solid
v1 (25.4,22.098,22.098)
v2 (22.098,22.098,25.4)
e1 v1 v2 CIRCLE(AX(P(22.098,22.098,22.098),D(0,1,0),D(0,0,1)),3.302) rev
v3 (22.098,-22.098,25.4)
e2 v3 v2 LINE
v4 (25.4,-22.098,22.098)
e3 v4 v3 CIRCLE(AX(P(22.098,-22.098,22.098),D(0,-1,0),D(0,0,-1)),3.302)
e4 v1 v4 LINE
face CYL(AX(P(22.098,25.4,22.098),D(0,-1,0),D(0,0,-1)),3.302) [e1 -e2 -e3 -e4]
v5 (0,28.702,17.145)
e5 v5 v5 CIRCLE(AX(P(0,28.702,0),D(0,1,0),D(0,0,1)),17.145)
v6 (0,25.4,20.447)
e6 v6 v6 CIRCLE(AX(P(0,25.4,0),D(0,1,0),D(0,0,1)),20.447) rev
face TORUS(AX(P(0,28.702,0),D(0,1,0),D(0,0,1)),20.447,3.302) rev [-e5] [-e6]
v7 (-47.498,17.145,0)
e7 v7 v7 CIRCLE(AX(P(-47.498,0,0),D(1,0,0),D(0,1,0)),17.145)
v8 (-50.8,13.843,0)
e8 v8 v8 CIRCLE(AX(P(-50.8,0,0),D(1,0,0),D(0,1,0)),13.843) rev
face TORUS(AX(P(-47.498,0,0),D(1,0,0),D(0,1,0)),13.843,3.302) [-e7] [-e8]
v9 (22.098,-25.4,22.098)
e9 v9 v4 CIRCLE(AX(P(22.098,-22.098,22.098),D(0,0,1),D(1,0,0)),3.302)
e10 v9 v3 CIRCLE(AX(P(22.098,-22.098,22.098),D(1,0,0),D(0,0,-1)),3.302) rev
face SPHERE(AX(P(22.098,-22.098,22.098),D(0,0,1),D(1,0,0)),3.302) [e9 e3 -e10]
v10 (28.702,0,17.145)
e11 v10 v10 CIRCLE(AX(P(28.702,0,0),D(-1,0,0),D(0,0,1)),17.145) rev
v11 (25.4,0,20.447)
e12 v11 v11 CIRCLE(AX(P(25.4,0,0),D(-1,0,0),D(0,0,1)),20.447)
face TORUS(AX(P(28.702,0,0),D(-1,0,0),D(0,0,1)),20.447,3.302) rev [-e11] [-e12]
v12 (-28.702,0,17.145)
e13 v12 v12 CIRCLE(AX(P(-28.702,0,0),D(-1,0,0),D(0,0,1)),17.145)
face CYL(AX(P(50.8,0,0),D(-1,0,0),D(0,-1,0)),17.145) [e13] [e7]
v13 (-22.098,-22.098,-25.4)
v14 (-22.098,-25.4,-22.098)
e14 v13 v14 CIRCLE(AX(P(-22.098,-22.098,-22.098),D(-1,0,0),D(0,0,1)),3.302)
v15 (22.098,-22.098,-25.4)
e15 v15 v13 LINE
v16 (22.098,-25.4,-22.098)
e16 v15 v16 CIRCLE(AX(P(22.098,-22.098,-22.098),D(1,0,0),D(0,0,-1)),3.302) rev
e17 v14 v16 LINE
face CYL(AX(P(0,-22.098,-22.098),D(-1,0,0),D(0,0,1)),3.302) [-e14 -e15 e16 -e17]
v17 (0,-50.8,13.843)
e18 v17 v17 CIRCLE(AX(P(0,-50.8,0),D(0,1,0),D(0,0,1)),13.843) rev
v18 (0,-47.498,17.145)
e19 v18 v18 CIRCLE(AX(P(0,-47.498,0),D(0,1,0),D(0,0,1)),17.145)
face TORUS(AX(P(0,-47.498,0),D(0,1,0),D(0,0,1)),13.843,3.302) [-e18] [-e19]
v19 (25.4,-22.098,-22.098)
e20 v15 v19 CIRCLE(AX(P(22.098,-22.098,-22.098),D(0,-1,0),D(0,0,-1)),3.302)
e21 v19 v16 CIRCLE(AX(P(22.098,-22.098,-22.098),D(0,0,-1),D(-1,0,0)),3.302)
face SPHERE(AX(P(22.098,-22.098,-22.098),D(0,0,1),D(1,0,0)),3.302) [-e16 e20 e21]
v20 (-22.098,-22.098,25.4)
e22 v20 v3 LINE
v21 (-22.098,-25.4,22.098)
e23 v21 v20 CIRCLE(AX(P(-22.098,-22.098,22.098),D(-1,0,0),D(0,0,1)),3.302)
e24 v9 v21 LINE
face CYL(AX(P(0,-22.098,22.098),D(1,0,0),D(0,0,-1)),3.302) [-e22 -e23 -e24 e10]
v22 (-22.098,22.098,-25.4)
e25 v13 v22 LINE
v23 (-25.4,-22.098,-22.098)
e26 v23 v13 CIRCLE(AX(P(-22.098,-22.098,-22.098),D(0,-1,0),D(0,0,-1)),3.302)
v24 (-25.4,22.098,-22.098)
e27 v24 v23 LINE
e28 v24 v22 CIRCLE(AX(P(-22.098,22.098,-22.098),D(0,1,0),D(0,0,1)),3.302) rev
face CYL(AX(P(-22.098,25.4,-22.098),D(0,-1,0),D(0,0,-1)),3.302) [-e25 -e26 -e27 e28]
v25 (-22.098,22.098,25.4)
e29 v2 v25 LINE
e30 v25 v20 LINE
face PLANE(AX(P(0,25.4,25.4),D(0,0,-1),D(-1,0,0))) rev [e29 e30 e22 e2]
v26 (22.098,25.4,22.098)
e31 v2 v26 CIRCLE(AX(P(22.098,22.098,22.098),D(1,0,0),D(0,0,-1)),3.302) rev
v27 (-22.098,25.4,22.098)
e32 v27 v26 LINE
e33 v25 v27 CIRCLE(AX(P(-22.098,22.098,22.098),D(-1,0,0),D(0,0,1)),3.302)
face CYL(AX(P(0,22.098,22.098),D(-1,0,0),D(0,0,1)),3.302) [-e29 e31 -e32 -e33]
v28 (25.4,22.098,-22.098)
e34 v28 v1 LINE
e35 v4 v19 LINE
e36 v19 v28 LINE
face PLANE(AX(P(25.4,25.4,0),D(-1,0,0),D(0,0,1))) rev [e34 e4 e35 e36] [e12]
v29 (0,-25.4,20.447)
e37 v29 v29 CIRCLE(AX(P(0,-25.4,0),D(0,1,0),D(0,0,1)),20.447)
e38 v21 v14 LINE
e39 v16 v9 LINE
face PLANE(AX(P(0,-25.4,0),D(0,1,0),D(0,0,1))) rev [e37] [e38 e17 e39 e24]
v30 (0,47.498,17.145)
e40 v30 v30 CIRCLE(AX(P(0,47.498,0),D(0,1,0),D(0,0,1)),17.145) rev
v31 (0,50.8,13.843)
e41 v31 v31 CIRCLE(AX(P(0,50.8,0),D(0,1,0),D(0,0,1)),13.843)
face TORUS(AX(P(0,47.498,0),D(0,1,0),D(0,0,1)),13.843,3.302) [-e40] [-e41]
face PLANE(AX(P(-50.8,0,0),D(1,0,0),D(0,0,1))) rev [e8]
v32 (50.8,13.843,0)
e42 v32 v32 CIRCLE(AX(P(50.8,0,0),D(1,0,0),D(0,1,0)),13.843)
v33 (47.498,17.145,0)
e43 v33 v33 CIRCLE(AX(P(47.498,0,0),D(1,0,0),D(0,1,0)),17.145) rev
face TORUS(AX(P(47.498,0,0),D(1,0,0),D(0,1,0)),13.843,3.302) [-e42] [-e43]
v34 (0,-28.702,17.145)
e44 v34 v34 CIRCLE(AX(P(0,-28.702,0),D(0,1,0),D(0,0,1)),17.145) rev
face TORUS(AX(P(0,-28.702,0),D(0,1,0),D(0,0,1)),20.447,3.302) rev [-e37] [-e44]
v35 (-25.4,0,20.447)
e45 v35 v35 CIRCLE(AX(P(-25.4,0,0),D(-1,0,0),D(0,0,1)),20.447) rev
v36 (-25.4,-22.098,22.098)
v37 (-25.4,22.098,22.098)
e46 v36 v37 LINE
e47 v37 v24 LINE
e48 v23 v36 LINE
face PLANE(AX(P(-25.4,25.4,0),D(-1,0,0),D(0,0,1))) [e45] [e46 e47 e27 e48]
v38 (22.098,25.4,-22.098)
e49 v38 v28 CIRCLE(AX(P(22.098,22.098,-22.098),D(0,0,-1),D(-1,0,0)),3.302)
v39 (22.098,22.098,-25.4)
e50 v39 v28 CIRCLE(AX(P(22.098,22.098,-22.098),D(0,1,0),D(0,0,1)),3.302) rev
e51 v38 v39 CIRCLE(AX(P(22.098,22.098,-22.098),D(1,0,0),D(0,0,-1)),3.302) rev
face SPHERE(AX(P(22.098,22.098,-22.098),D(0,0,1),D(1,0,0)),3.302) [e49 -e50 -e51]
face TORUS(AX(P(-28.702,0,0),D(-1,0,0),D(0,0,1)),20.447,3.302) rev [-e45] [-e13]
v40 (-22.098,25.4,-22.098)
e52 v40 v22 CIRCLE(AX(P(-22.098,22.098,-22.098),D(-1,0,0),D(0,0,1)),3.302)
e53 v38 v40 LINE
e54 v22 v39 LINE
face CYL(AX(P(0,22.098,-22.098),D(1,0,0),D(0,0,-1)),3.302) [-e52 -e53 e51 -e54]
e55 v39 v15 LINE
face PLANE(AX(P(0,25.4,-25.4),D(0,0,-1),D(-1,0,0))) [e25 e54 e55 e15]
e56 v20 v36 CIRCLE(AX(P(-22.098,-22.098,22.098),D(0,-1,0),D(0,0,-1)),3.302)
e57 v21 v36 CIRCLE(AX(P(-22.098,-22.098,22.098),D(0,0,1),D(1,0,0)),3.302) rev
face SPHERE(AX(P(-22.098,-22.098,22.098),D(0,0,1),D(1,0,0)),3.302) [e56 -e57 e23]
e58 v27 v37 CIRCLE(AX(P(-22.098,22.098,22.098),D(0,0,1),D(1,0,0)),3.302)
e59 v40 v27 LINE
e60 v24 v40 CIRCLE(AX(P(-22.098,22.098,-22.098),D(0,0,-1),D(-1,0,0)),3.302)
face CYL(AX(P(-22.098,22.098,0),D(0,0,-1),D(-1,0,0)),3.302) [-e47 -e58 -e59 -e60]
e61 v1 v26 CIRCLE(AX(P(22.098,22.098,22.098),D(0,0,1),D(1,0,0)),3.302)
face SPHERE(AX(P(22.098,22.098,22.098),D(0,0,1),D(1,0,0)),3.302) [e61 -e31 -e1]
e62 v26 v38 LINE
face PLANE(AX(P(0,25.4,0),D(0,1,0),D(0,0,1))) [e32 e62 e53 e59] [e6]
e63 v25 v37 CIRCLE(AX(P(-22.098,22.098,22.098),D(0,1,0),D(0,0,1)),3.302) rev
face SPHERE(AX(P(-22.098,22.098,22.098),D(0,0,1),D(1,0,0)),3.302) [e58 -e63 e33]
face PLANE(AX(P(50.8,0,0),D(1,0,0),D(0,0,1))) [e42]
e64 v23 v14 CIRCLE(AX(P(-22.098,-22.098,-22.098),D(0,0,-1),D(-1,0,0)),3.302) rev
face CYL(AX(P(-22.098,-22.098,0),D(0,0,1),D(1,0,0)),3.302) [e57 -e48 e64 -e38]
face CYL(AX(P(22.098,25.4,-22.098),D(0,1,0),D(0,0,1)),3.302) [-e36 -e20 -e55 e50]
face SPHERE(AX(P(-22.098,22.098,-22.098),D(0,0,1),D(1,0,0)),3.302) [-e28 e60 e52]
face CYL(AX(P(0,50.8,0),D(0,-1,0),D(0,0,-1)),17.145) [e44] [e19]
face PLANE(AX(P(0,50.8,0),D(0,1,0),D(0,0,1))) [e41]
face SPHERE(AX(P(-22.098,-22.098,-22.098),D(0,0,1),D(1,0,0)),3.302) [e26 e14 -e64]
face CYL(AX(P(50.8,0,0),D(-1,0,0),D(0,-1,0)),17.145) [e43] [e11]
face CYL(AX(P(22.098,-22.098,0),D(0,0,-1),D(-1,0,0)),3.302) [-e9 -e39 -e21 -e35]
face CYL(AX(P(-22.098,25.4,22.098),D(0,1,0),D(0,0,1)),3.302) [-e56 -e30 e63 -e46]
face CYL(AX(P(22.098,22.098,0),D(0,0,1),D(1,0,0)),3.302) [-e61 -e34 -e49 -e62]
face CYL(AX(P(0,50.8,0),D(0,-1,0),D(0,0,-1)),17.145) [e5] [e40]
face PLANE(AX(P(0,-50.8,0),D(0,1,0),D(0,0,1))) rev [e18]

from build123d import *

# Parameters (mm, degrees)
SKETCH1_W           = 50.8
SKETCH1_H           = 50.8
BOSS_EXTRUDE1_DEPTH = 25.4
SKETCH1_3_R         = 17.145
BOSS_EXTRUDE2_DEPTH = 50.8
FILLET1_R           = 3.302


with BuildPart() as part:
    # Sketch1 → Boss-Extrude1 (new, symmetric)
    with BuildSketch(Plane(origin=(0, 0, 0), x_dir=(1, 0, 0), z_dir=(0, 1, 0))):
        Rectangle(SKETCH1_W, SKETCH1_H)
    extrude(amount=BOSS_EXTRUDE1_DEPTH, both=True)

    # Sketch1<3> → Boss-Extrude2 (add, symmetric)
    with BuildSketch(Plane(origin=(0, 0, 0), x_dir=(1, 0, 0), z_dir=(0, 1, 0))):
        Circle(SKETCH1_3_R)
    boss_extrude2 = extrude(amount=BOSS_EXTRUDE2_DEPTH, both=True)

    # Mirror1: Boss-Extrude2 across plane
    add(boss_extrude2.mirror(Plane(origin=(0, 0, 0), x_dir=(0, 0, 1), z_dir=(-0.7071067811865475, 0.7071067811865476, 0))))

    # Fillet1
    fillet1_edges = [part.edges().sort_by_distance(p)[0] for p in [
        (-17.145, -50.8, 0),
        (50.8, -17.145, 0),
        (-17.145, 50.8, 0),
        (-50.8, -17.145, 0),
        (-17.145, -25.4, 0),
        (-25.4, -25.4, 0),
        (-25.4, -17.145, 0),
        (-25.4, 0, -25.4),
        (0, -25.4, -25.4),
        (25.4, 0, -25.4),
        (25.4, -25.4, 0),
        (25.4, -17.145, 0),
        (-25.4, 25.4, 0),
        (0, 25.4, -25.4),
        (25.4, 25.4, 0),
        (-17.145, 25.4, 0),
        (-25.4, 0, 25.4),
        (0, 25.4, 25.4),
        (25.4, 0, 25.4),
        (0, -25.4, 25.4),
    ]]
    fillet(fillet1_edges, radius=FILLET1_R)


solid = part.part
